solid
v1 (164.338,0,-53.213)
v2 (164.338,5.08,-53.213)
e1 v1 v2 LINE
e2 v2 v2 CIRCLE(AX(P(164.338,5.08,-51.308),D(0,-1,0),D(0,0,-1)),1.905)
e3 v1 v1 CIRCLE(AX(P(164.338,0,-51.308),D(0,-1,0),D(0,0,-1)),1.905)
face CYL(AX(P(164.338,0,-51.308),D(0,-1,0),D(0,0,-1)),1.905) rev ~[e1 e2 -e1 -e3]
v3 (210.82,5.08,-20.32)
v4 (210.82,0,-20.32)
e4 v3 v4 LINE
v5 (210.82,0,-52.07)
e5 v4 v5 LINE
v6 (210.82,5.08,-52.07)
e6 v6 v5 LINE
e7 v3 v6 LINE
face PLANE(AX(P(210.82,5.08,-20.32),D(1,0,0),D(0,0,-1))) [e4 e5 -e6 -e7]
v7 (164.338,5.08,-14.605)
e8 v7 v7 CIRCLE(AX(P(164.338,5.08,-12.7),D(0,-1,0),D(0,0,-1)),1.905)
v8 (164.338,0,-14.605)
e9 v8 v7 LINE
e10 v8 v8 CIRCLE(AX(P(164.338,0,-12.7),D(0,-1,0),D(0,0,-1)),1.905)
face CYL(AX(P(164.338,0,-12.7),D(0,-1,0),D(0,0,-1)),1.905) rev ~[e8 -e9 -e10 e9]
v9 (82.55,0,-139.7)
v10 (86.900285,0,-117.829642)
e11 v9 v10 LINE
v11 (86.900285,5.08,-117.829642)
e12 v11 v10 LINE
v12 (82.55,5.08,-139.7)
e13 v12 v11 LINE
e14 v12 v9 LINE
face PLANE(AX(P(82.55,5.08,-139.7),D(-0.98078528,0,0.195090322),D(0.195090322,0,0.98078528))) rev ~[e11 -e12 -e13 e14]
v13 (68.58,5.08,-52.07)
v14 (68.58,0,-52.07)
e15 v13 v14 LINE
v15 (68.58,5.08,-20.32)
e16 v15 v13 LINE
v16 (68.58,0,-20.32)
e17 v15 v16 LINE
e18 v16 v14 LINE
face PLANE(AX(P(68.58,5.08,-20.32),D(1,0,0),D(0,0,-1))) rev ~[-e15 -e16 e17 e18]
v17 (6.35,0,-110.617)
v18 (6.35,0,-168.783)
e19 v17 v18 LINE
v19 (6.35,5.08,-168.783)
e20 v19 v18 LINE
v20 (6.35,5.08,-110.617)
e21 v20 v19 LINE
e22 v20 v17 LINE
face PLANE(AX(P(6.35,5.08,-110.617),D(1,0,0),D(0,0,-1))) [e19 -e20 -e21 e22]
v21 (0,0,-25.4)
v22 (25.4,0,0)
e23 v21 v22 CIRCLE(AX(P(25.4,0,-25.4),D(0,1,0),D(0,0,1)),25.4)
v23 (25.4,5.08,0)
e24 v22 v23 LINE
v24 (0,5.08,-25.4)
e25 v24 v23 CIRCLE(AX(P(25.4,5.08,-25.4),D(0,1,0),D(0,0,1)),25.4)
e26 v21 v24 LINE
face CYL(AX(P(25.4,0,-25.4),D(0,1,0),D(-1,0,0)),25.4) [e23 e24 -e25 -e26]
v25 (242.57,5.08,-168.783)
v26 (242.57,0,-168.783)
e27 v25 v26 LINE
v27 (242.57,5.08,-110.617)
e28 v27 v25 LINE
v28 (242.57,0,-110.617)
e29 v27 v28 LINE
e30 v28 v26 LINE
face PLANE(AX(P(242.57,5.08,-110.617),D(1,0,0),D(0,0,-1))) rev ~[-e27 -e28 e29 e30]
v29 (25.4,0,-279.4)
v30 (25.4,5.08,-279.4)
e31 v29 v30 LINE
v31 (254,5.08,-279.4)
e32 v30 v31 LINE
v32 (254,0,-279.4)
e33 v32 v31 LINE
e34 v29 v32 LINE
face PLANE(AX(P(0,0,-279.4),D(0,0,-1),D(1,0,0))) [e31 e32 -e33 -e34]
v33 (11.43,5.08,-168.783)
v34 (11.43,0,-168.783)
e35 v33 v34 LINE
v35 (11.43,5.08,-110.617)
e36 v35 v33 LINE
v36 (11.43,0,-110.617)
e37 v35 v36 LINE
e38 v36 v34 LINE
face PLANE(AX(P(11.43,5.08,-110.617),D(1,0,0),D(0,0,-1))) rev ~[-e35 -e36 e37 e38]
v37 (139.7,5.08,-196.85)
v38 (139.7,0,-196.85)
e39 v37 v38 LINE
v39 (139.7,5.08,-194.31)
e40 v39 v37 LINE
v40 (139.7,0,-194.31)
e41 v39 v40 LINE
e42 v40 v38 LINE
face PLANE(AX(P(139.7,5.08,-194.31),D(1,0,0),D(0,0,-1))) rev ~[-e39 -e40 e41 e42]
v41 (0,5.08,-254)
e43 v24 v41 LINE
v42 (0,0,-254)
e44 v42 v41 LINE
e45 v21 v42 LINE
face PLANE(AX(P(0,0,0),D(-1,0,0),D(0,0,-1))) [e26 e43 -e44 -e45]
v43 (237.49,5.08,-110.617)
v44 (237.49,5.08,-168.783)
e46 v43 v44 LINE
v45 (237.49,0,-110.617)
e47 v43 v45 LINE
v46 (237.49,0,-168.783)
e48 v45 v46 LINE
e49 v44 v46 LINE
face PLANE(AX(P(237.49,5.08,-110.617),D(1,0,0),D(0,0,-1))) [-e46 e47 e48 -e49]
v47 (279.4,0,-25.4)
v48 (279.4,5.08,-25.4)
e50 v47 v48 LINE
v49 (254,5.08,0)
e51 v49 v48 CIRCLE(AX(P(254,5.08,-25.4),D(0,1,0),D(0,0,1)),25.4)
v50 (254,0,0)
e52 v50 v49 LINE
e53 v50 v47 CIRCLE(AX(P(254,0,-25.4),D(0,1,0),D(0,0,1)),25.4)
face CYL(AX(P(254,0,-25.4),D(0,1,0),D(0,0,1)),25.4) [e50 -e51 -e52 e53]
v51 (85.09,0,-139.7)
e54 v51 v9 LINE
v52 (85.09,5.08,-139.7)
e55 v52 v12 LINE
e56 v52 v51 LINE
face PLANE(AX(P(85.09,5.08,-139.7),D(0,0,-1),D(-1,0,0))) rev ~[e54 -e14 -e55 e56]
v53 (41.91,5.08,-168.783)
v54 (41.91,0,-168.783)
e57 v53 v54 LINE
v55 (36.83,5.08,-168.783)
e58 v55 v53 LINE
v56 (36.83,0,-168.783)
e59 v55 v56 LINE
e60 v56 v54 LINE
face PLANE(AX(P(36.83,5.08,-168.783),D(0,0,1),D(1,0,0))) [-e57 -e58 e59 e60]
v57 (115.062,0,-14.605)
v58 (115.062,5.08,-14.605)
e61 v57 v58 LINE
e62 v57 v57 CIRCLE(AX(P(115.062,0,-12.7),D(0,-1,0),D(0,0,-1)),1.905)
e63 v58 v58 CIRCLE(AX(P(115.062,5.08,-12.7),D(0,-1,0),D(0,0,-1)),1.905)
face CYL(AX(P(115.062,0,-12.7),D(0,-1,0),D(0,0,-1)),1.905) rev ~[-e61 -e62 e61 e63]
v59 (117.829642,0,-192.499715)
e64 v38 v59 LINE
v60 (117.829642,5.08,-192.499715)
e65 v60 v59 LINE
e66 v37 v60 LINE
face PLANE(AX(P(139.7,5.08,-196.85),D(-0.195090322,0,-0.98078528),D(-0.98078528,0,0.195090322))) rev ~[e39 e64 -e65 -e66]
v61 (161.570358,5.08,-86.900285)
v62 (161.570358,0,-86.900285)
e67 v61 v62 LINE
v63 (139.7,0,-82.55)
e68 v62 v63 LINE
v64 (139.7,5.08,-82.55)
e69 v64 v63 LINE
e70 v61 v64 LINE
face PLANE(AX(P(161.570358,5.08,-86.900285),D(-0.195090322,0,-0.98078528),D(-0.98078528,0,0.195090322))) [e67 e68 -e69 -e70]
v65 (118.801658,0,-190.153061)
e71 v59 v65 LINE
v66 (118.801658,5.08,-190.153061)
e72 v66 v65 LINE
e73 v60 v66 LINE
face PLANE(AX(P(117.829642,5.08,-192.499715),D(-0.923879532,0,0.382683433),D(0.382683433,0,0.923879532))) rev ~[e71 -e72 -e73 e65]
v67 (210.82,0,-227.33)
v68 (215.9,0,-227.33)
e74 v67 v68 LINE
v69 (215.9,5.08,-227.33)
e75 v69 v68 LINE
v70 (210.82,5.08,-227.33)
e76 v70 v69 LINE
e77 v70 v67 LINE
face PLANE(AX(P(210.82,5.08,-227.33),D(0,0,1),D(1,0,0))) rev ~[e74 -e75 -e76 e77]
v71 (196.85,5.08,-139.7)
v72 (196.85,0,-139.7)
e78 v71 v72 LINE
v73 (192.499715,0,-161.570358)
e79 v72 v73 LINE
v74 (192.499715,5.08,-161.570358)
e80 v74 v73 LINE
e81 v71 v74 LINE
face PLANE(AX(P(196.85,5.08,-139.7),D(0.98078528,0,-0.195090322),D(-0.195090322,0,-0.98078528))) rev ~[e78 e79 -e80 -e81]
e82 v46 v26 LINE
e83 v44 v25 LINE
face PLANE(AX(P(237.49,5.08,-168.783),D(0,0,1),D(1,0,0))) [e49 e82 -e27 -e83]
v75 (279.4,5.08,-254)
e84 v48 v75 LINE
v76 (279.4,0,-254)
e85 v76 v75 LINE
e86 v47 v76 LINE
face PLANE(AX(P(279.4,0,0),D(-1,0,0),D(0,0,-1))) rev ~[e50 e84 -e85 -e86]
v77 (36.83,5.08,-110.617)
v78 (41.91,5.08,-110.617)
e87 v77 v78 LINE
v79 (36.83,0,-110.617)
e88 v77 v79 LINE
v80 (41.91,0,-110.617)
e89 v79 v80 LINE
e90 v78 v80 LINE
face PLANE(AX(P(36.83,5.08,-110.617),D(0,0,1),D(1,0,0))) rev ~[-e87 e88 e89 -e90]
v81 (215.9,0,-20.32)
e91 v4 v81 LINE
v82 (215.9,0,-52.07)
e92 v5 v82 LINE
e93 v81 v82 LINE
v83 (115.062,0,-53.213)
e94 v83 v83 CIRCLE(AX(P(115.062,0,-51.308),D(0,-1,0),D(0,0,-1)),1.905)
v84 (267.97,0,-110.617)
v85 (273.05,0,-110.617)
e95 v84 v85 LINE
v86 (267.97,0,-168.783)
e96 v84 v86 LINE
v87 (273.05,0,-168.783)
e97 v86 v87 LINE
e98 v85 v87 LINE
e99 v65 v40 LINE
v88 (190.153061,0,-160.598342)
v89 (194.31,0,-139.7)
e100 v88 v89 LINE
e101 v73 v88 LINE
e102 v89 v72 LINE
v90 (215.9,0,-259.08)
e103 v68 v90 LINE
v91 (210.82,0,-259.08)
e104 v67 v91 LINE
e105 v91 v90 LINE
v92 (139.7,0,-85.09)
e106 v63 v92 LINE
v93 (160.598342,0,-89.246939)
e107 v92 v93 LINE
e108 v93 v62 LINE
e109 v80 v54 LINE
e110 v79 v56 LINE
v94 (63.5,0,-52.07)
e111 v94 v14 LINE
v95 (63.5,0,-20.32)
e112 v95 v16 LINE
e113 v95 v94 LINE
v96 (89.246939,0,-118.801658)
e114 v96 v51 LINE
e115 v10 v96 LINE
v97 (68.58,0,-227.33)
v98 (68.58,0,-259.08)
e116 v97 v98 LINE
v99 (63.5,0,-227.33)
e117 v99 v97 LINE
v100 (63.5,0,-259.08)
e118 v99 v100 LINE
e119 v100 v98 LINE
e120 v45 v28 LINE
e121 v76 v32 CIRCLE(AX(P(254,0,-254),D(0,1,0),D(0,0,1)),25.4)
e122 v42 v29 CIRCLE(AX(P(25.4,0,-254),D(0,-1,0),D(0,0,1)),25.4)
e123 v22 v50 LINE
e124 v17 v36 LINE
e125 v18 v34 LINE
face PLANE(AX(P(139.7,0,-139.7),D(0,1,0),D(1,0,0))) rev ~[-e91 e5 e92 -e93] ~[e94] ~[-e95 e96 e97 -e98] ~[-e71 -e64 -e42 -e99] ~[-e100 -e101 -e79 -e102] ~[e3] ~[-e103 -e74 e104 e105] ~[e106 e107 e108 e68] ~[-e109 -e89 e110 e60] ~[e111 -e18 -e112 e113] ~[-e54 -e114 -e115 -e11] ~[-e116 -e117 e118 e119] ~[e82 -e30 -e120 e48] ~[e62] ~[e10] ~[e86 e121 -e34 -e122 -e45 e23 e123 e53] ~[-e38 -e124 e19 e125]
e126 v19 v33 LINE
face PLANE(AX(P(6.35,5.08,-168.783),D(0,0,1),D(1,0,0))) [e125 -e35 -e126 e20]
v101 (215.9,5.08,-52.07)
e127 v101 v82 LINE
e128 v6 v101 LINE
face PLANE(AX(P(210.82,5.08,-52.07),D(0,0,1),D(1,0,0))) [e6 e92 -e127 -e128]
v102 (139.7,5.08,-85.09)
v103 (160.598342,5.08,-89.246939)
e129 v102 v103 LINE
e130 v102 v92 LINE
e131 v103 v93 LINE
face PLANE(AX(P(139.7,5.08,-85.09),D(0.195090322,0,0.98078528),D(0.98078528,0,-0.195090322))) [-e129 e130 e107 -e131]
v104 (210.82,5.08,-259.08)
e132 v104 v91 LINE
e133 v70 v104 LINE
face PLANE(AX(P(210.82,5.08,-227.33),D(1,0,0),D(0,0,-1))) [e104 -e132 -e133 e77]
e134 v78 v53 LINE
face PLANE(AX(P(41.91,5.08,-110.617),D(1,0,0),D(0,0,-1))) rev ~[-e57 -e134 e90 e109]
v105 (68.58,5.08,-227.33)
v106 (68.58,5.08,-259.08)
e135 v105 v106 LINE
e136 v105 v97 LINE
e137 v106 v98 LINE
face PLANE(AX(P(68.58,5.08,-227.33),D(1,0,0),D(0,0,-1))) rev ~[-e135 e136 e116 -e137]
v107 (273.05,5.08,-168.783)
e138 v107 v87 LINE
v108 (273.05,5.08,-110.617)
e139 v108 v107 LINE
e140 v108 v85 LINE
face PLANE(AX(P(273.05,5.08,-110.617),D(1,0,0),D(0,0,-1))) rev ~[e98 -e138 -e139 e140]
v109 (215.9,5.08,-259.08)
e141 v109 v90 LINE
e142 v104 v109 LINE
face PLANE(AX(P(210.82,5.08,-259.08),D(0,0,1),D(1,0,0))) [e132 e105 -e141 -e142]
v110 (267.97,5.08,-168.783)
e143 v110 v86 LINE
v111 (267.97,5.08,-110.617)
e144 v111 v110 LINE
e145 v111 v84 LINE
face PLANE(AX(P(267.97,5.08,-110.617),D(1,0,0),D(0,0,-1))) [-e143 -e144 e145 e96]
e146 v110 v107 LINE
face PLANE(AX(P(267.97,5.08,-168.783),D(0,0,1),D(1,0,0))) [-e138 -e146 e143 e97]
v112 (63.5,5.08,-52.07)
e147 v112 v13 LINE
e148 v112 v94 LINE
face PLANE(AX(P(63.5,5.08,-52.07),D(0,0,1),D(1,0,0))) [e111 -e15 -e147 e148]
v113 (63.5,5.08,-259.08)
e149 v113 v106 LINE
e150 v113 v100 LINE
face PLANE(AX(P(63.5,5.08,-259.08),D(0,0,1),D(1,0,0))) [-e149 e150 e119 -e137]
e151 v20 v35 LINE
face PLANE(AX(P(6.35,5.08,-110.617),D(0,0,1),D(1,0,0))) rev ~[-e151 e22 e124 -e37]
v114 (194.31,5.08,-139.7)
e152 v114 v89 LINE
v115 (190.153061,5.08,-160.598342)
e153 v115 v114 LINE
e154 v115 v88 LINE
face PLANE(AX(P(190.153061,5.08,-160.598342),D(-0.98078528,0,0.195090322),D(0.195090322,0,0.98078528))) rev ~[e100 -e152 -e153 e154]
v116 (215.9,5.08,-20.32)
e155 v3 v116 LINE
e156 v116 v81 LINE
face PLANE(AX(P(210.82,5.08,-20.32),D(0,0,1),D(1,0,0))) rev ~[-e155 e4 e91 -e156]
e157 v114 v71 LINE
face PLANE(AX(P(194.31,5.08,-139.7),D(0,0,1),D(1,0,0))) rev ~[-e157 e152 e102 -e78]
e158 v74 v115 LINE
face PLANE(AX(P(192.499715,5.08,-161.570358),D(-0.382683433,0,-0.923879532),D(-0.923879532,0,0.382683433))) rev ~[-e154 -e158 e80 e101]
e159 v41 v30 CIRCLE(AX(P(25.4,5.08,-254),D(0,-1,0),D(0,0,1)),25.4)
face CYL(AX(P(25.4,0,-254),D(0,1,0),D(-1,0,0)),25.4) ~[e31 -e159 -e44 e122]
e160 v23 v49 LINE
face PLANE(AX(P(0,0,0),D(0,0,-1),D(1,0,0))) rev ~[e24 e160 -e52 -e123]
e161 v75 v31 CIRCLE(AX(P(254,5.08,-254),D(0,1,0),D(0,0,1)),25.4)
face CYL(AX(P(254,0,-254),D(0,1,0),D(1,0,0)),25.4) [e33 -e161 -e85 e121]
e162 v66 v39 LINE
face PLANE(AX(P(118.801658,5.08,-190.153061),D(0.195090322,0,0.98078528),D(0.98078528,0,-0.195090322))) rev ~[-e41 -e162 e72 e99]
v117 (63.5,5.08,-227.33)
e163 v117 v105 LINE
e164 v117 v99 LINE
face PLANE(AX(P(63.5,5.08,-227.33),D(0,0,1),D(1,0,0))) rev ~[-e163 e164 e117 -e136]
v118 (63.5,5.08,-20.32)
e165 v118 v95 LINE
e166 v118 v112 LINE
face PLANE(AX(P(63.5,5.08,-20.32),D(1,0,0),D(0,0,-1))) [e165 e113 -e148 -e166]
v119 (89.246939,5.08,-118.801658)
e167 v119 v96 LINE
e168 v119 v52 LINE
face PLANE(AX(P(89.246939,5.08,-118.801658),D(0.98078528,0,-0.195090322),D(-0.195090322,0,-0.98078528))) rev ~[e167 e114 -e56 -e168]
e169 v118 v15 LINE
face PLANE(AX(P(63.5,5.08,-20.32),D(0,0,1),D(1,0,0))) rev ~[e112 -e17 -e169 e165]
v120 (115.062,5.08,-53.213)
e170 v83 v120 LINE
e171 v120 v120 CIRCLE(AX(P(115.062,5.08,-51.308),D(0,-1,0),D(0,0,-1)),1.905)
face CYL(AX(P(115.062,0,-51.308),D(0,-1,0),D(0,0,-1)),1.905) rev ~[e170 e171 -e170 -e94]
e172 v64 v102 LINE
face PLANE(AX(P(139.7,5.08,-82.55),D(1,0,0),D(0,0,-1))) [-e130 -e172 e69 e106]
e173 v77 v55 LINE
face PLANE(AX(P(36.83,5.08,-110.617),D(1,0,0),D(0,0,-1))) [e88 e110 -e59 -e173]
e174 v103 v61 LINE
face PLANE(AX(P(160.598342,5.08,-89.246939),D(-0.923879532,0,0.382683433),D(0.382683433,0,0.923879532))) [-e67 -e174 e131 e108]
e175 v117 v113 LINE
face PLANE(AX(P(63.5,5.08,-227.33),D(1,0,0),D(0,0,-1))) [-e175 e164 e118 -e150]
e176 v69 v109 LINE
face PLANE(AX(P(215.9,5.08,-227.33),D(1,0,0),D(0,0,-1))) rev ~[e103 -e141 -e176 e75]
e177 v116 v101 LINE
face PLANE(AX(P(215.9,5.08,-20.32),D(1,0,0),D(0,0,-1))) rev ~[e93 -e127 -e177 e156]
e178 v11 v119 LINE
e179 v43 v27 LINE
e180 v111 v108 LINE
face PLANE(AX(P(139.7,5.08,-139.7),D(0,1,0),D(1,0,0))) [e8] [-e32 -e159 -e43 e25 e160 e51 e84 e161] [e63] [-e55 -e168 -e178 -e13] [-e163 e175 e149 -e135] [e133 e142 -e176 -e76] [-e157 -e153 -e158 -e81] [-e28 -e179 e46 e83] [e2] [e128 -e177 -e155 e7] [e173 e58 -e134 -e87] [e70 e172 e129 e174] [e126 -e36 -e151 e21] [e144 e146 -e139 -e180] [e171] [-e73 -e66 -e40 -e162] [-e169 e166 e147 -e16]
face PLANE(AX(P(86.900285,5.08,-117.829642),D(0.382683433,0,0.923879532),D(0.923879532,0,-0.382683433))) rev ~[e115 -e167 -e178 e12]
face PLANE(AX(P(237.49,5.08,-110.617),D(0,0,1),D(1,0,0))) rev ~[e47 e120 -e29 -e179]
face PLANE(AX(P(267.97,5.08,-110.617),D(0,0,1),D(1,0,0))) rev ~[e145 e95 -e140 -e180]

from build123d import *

# Parameters (mm, degrees)
SKETCH1_W           = 279.4
SKETCH1_H           = 279.4
BOSS_EXTRUDE1_DEPTH = 5.08
FILLET1_R           = 25.4
SKETCH2_W           = 5.08
SKETCH2_H           = 31.75
CUT_EXTRUDE1_DEPTH  = 396.163923455
SKETCH3_W           = 5.08
SKETCH3_H           = 58.166
CUT_EXTRUDE2_DEPTH  = 396.163923455
SKETCH5_R           = 1.905
CUT_EXTRUDE4_DEPTH  = 396.163923455
CUT_EXTRUDE6_DEPTH  = 396.163923455


with BuildPart() as part:
    # Sketch1 → Boss-Extrude1 (new body)
    with BuildSketch(Plane(origin=(0, 0, 0), x_dir=(1, 0, 0), z_dir=(0, 1, 0))):
        with Locations((139.7, 139.7)):
            Rectangle(SKETCH1_W, SKETCH1_H)
    extrude(amount=BOSS_EXTRUDE1_DEPTH)

    # Fillet1
    fillet1_edges = [part.edges().sort_by_distance(p)[0] for p in [
        (0, 2.54, -279.4),
        (279.4, 2.54, -279.4),
        (279.4, 2.54, 0),
        (0, 2.54, 0),
    ]]
    fillet(fillet1_edges, radius=FILLET1_R)

    # Sketch2 → Cut-Extrude1 (cut, through all)
    with BuildSketch(Plane(origin=(0, 5.08, 0), x_dir=(1, 0, 0), z_dir=(0, 1, 0))):
        with Locations((66.04, 243.205)):
            Rectangle(SKETCH2_W, SKETCH2_H)
        with Locations((213.36, 243.205)):
            Rectangle(SKETCH2_W, SKETCH2_H)
        with Locations((66.04, 36.195)):
            Rectangle(SKETCH2_W, SKETCH2_H)
        with Locations((213.36, 36.195)):
            Rectangle(SKETCH2_W, SKETCH2_H)
    extrude(amount=-CUT_EXTRUDE1_DEPTH, mode=Mode.SUBTRACT)

    # Sketch3 → Cut-Extrude2 (cut, through all)
    with BuildSketch(Plane(origin=(0, 5.08, 0), x_dir=(1, 0, 0), z_dir=(0, 1, 0))):
        with Locations((8.89, 139.7)):
            Rectangle(SKETCH3_W, SKETCH3_H)
        with Locations((270.51, 139.7)):
            Rectangle(SKETCH3_W, SKETCH3_H)
        with Locations((39.37, 139.7)):
            Rectangle(SKETCH3_W, SKETCH3_H)
        with Locations((240.03, 139.7)):
            Rectangle(SKETCH3_W, SKETCH3_H)
    extrude(amount=-CUT_EXTRUDE2_DEPTH, mode=Mode.SUBTRACT)

    # Sketch5 → Cut-Extrude4 (cut, through all)
    with BuildSketch(Plane.XZ):
        with Locations(Location((115.062, -12.7, 0), (0, 0, 270))):
            Circle(SKETCH5_R)
        with Locations(Location((164.338, -12.7, 0), (0, 0, 270))):
            Circle(SKETCH5_R)
        with Locations(Location((164.338, -51.308, 0), (0, 0, 270))):
            Circle(SKETCH5_R)
        with Locations(Location((115.062, -51.308, 0), (0, 0, 270))):
            Circle(SKETCH5_R)
    extrude(amount=-CUT_EXTRUDE4_DEPTH, mode=Mode.SUBTRACT)

    # Sketch6 → Cut-Extrude6 (cut, through all)
    with BuildSketch(Plane(origin=(0, 5.08, 0), x_dir=(1, 0, 0), z_dir=(0, 1, 0))):
        Polygon((117.82964184, 192.499715283), (118.801657759, 190.15306127), (139.7, 194.31), (139.7, 196.85), align=None)
        Polygon((82.55, 139.7), (86.900284717, 117.82964184), (89.24693873, 118.801657759), (85.09, 139.7), align=None)
        Polygon((160.598342241, 89.24693873), (161.57035816, 86.900284717), (139.7, 82.55), (139.7, 85.09), align=None)
        Polygon((196.85, 139.7), (192.499715283, 161.57035816), (190.15306127, 160.598342241), (194.31, 139.7), align=None)
    extrude(amount=-CUT_EXTRUDE6_DEPTH, mode=Mode.SUBTRACT)


solid = part.part
